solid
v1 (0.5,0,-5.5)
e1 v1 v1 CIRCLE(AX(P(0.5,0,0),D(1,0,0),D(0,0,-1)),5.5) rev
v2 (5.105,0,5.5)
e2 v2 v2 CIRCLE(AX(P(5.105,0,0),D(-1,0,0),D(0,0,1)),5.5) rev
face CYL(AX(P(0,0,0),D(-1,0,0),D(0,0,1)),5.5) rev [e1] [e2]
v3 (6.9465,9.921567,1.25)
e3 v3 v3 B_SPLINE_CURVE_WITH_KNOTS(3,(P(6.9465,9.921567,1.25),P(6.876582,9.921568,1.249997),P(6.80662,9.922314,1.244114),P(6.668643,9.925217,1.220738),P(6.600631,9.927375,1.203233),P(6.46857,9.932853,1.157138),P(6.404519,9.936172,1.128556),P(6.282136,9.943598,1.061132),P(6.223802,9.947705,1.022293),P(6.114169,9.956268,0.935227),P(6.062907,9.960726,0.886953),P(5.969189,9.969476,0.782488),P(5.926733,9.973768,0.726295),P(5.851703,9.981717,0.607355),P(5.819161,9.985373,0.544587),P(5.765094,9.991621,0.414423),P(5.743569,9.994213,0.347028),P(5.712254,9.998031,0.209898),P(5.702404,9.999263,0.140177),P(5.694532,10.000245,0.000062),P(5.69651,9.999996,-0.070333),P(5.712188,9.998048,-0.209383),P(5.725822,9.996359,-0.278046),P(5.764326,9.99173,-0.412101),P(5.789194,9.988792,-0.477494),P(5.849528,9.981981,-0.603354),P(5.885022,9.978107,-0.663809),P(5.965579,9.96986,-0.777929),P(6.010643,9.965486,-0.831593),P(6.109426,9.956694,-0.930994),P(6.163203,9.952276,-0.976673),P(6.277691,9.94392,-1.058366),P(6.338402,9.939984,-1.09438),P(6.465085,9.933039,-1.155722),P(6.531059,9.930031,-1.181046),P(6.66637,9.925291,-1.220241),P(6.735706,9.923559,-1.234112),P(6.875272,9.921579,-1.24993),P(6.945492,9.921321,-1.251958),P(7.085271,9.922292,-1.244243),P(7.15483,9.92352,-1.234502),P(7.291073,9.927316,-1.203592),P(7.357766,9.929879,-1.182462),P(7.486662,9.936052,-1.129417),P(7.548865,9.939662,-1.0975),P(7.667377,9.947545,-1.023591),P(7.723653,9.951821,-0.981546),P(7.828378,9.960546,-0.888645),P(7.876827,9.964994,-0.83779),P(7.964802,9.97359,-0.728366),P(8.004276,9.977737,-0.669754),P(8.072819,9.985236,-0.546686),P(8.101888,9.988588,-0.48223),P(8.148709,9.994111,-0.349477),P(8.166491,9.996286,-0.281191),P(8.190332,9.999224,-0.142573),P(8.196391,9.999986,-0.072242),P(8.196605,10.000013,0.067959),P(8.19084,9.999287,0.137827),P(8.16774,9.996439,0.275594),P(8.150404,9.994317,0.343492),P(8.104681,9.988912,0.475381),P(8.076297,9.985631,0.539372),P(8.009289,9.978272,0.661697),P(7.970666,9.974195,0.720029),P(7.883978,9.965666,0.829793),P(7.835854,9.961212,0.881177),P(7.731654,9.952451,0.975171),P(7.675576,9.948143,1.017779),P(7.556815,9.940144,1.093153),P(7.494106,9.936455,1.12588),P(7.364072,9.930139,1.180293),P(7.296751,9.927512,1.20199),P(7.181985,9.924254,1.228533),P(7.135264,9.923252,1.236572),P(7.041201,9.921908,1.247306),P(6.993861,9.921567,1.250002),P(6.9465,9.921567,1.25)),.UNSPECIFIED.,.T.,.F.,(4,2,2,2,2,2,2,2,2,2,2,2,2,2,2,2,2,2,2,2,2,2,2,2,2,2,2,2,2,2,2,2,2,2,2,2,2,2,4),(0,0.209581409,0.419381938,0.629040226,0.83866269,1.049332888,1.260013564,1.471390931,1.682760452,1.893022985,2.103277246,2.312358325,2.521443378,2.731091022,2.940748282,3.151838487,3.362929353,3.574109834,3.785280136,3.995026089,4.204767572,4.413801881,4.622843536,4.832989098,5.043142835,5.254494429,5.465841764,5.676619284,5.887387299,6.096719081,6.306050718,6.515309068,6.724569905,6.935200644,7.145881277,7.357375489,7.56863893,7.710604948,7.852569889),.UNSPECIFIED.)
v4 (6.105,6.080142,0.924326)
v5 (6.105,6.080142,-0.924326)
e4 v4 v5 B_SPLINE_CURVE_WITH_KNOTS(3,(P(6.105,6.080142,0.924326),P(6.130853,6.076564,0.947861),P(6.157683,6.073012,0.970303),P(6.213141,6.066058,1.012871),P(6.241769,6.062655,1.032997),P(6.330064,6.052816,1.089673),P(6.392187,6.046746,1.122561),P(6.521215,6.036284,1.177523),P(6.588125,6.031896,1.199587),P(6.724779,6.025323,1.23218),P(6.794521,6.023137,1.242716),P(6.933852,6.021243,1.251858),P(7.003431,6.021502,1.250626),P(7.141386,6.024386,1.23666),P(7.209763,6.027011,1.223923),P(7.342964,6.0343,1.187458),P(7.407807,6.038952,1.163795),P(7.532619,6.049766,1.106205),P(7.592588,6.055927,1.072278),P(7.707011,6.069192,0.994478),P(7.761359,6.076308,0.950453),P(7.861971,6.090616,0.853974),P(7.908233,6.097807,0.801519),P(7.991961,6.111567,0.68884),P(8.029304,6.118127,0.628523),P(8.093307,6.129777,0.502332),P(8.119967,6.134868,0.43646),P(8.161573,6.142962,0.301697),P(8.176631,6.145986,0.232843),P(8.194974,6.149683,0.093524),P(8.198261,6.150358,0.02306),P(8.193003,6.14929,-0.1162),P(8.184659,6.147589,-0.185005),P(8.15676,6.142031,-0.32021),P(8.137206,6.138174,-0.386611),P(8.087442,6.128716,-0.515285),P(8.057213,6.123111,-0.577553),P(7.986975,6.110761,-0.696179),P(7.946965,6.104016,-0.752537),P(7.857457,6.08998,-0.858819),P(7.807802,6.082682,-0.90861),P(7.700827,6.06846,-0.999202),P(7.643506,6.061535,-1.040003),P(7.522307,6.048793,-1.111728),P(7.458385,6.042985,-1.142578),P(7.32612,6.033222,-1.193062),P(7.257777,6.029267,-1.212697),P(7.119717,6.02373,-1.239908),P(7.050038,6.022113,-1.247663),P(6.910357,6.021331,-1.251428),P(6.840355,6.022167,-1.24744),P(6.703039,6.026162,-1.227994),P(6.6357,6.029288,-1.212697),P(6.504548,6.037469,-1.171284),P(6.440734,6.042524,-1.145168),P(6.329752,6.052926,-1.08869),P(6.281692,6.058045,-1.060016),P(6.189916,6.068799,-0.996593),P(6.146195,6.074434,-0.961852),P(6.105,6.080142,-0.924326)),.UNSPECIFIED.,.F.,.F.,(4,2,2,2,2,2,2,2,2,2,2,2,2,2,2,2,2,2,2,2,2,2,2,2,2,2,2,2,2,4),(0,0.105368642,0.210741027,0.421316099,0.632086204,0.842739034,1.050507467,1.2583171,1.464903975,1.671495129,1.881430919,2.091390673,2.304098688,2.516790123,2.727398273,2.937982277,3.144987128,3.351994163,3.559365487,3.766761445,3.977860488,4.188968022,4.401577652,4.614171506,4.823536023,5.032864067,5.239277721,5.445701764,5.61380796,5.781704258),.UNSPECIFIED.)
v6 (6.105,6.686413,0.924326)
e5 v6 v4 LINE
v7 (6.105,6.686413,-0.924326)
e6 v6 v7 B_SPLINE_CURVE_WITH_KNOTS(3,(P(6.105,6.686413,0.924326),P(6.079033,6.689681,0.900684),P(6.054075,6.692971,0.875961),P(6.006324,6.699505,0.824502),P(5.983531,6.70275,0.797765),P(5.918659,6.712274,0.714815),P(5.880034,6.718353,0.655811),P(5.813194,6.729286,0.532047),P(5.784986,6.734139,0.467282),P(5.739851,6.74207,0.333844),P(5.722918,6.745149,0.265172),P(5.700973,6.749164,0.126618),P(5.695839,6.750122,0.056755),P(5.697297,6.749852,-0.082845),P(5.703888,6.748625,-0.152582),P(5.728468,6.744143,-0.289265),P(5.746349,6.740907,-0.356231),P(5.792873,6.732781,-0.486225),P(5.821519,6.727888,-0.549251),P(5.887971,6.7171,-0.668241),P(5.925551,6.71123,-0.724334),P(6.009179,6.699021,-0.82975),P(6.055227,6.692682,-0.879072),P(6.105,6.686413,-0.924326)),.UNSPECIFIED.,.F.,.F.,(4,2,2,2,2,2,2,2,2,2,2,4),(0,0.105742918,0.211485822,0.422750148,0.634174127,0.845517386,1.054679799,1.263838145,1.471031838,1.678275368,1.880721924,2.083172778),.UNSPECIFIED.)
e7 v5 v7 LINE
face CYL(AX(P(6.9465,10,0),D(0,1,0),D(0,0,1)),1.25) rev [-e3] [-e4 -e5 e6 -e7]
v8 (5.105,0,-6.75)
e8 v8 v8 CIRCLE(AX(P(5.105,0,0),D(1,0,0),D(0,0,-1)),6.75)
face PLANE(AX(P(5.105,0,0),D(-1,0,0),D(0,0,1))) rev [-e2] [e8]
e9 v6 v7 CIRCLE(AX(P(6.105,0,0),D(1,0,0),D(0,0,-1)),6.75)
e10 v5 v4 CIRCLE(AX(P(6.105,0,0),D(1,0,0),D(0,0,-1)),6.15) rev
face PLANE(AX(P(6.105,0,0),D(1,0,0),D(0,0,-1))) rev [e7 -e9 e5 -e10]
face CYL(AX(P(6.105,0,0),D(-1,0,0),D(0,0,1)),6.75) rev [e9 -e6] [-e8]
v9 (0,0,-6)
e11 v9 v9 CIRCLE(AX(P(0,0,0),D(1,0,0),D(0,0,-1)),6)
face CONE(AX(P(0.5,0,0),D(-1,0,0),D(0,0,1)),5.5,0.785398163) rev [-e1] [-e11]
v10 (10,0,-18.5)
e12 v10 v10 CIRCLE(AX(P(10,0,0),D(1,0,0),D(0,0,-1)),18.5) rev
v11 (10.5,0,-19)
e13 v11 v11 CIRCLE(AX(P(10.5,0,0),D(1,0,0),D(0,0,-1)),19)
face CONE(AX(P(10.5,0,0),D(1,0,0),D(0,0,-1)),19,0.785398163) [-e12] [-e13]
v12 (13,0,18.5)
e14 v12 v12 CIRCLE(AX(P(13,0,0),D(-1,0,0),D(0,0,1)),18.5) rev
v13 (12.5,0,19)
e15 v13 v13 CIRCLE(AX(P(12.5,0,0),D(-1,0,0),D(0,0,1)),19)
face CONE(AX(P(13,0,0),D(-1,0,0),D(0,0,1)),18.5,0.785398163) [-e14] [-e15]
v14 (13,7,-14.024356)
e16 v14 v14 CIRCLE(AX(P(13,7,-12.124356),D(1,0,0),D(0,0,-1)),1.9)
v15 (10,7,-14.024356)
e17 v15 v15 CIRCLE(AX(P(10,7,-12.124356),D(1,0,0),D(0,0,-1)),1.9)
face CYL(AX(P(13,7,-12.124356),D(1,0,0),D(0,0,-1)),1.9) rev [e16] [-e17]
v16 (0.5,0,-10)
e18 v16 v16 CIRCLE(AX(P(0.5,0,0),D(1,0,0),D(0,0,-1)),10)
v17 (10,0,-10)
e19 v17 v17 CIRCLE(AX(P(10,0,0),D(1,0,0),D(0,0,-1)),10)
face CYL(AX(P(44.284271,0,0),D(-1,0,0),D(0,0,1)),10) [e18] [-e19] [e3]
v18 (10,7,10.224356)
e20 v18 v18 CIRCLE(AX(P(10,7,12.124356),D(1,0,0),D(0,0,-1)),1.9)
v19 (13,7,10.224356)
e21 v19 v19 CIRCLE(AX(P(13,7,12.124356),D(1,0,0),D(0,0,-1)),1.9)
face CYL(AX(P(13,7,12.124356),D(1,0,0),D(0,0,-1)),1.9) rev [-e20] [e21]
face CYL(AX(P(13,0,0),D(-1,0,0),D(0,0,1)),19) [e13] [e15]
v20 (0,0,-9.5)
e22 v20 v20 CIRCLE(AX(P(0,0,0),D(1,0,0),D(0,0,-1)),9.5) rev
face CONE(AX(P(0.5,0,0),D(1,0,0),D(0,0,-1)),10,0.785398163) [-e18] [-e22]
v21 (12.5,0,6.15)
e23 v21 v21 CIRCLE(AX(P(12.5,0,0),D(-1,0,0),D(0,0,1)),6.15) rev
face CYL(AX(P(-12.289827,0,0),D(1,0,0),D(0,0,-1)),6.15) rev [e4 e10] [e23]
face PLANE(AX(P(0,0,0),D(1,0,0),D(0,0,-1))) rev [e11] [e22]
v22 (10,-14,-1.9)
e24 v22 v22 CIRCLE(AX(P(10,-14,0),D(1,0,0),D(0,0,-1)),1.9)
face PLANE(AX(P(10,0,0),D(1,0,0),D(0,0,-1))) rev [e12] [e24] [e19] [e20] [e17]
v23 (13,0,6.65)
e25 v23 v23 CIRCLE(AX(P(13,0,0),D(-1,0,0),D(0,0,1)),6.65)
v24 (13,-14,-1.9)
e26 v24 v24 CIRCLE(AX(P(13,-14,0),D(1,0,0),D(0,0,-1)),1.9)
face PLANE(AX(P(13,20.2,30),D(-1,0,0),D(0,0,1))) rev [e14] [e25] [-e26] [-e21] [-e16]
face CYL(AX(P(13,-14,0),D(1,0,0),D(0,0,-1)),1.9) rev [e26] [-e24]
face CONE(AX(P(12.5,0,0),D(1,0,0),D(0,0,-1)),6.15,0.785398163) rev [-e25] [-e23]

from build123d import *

# Parameters (mm, degrees)
SKETCH2_R                       = 10
BOSS_EXTRUDE1_DEPTH             = 13
F_11_0_11_M12X0_5_TAPPED_HOLE_D = 11
CHAMFER1_SIZE                   = 0.5
CUT_EXTRUDE8_START              = -7.895
SKETCH4_R                       = 6.15
CUT_EXTRUDE8_DEPTH              = 7.895
SKETCH5_R                       = 6.75
CUT_EXTRUDE9_DEPTH              = 1
SKETCH6_R                       = 19
SKETCH6_R_2                     = 6.15
BOSS_EXTRUDE2_DEPTH             = 3
CHAMFER2_SIZE                   = 0.5
M3_TAPPED_HOLE1_REACH           = 37.359
M3_TAPPED_HOLE1_BORE_R          = 1.25
F_3_8_3_8_DIAMETER_HOLE1_D      = 3.8
CIRPATTERN1_COUNT               = 3
CHAMFER4_SIZE                   = 0.5


with BuildPart() as part:
    # Sketch2 → Boss-Extrude1 (new body)
    with BuildSketch(Plane(origin=(0, 0, 0), x_dir=(0, 0, -1), z_dir=(1, 0, 0))):
        with Locations(Location((0, 0, 0), (0, 0, 180))):
            Circle(SKETCH2_R)
    extrude(amount=BOSS_EXTRUDE1_DEPTH)

    # Ø11.0 (11) M12x0.5 tapped hole (through all)
    with Locations(Plane(origin=(0, 0, 0), x_dir=(0, 0, -1), z_dir=(-1, 0, 0))):
        with Locations((0, 0)):
            Hole(F_11_0_11_M12X0_5_TAPPED_HOLE_D / 2)

    # Chamfer1
    chamfer1_edges = [part.edges().sort_by_distance(p)[0] for p in [
        (0, 0, -5.5),
    ]]
    chamfer(chamfer1_edges, length=CHAMFER1_SIZE)

    # Sketch4 → Cut-Extrude8 (cut)
    with BuildSketch(Plane(origin=(13, 0, 0), x_dir=(0, 0, -1), z_dir=(1, 0, 0)).offset(CUT_EXTRUDE8_START)):
        Circle(SKETCH4_R)
    extrude(amount=CUT_EXTRUDE8_DEPTH, mode=Mode.SUBTRACT)

    # Sketch5 → Cut-Extrude9 (cut)
    with BuildSketch(Plane(origin=(5.105, 0, 0), x_dir=(0, 0, -1), z_dir=(1, 0, 0))):
        Circle(SKETCH5_R)
    extrude(amount=CUT_EXTRUDE9_DEPTH, mode=Mode.SUBTRACT)

    # Sketch6 → Boss-Extrude2 (add)
    with BuildSketch(Plane(origin=(10, 0, 0), x_dir=(0, 0, -1), z_dir=(1, 0, 0))):
        Circle(SKETCH6_R)
        Circle(SKETCH6_R_2, mode=Mode.SUBTRACT)
    extrude(amount=BOSS_EXTRUDE2_DEPTH)

    # Chamfer2
    chamfer2_edges = [part.edges().sort_by_distance(p)[0] for p in [
        (13, 0, 6.15),
    ]]
    chamfer(chamfer2_edges, length=CHAMFER2_SIZE)

    # M3 Tapped Hole1 bore (on position points) → M3 Tapped Hole1 (cut, up to next)
    with BuildSketch(Plane(origin=(6.9465, 10, 0), x_dir=(0, 0, 1), z_dir=(0, 1, 0)), mode=Mode.PRIVATE) as m3_tapped_hole1_sk1:
        Circle(M3_TAPPED_HOLE1_BORE_R)
    m3_tapped_hole1_tool1 = extrude(m3_tapped_hole1_sk1.sketch, amount=-M3_TAPPED_HOLE1_REACH, mode=Mode.PRIVATE) & part.part
    add(m3_tapped_hole1_tool1.solids().sort_by_distance((6.9465, 10, 0))[0], mode=Mode.SUBTRACT)

    # Ø3.8 (3.8) Diameter Hole1 (through all)
    with Locations(Plane(origin=(13, -14, 0), x_dir=(0, 0, 1), z_dir=(1, 0, 0))):
        with Locations((0, 0)):
            f_3_8_3_8_diameter_hole1 = Hole(F_3_8_3_8_DIAMETER_HOLE1_D / 2)

    # CirPattern1: Ø3.8 (3.8) Diameter Hole1 ×3 about axis
    cirpattern1_axis = Axis((0, 0, 0), (1, 0, 0))
    for i in range(1, CIRPATTERN1_COUNT):
        add(f_3_8_3_8_diameter_hole1.rotate(cirpattern1_axis, i * 360 / CIRPATTERN1_COUNT), mode=Mode.SUBTRACT)

    # Chamfer4
    chamfer4_edges = [part.edges().sort_by_distance(p)[0] for p in [
        (0, 0, -10),
        (13, 0, 19),
        (10, 0, 19),
    ]]
    chamfer(chamfer4_edges, length=CHAMFER4_SIZE)


solid = part.part
